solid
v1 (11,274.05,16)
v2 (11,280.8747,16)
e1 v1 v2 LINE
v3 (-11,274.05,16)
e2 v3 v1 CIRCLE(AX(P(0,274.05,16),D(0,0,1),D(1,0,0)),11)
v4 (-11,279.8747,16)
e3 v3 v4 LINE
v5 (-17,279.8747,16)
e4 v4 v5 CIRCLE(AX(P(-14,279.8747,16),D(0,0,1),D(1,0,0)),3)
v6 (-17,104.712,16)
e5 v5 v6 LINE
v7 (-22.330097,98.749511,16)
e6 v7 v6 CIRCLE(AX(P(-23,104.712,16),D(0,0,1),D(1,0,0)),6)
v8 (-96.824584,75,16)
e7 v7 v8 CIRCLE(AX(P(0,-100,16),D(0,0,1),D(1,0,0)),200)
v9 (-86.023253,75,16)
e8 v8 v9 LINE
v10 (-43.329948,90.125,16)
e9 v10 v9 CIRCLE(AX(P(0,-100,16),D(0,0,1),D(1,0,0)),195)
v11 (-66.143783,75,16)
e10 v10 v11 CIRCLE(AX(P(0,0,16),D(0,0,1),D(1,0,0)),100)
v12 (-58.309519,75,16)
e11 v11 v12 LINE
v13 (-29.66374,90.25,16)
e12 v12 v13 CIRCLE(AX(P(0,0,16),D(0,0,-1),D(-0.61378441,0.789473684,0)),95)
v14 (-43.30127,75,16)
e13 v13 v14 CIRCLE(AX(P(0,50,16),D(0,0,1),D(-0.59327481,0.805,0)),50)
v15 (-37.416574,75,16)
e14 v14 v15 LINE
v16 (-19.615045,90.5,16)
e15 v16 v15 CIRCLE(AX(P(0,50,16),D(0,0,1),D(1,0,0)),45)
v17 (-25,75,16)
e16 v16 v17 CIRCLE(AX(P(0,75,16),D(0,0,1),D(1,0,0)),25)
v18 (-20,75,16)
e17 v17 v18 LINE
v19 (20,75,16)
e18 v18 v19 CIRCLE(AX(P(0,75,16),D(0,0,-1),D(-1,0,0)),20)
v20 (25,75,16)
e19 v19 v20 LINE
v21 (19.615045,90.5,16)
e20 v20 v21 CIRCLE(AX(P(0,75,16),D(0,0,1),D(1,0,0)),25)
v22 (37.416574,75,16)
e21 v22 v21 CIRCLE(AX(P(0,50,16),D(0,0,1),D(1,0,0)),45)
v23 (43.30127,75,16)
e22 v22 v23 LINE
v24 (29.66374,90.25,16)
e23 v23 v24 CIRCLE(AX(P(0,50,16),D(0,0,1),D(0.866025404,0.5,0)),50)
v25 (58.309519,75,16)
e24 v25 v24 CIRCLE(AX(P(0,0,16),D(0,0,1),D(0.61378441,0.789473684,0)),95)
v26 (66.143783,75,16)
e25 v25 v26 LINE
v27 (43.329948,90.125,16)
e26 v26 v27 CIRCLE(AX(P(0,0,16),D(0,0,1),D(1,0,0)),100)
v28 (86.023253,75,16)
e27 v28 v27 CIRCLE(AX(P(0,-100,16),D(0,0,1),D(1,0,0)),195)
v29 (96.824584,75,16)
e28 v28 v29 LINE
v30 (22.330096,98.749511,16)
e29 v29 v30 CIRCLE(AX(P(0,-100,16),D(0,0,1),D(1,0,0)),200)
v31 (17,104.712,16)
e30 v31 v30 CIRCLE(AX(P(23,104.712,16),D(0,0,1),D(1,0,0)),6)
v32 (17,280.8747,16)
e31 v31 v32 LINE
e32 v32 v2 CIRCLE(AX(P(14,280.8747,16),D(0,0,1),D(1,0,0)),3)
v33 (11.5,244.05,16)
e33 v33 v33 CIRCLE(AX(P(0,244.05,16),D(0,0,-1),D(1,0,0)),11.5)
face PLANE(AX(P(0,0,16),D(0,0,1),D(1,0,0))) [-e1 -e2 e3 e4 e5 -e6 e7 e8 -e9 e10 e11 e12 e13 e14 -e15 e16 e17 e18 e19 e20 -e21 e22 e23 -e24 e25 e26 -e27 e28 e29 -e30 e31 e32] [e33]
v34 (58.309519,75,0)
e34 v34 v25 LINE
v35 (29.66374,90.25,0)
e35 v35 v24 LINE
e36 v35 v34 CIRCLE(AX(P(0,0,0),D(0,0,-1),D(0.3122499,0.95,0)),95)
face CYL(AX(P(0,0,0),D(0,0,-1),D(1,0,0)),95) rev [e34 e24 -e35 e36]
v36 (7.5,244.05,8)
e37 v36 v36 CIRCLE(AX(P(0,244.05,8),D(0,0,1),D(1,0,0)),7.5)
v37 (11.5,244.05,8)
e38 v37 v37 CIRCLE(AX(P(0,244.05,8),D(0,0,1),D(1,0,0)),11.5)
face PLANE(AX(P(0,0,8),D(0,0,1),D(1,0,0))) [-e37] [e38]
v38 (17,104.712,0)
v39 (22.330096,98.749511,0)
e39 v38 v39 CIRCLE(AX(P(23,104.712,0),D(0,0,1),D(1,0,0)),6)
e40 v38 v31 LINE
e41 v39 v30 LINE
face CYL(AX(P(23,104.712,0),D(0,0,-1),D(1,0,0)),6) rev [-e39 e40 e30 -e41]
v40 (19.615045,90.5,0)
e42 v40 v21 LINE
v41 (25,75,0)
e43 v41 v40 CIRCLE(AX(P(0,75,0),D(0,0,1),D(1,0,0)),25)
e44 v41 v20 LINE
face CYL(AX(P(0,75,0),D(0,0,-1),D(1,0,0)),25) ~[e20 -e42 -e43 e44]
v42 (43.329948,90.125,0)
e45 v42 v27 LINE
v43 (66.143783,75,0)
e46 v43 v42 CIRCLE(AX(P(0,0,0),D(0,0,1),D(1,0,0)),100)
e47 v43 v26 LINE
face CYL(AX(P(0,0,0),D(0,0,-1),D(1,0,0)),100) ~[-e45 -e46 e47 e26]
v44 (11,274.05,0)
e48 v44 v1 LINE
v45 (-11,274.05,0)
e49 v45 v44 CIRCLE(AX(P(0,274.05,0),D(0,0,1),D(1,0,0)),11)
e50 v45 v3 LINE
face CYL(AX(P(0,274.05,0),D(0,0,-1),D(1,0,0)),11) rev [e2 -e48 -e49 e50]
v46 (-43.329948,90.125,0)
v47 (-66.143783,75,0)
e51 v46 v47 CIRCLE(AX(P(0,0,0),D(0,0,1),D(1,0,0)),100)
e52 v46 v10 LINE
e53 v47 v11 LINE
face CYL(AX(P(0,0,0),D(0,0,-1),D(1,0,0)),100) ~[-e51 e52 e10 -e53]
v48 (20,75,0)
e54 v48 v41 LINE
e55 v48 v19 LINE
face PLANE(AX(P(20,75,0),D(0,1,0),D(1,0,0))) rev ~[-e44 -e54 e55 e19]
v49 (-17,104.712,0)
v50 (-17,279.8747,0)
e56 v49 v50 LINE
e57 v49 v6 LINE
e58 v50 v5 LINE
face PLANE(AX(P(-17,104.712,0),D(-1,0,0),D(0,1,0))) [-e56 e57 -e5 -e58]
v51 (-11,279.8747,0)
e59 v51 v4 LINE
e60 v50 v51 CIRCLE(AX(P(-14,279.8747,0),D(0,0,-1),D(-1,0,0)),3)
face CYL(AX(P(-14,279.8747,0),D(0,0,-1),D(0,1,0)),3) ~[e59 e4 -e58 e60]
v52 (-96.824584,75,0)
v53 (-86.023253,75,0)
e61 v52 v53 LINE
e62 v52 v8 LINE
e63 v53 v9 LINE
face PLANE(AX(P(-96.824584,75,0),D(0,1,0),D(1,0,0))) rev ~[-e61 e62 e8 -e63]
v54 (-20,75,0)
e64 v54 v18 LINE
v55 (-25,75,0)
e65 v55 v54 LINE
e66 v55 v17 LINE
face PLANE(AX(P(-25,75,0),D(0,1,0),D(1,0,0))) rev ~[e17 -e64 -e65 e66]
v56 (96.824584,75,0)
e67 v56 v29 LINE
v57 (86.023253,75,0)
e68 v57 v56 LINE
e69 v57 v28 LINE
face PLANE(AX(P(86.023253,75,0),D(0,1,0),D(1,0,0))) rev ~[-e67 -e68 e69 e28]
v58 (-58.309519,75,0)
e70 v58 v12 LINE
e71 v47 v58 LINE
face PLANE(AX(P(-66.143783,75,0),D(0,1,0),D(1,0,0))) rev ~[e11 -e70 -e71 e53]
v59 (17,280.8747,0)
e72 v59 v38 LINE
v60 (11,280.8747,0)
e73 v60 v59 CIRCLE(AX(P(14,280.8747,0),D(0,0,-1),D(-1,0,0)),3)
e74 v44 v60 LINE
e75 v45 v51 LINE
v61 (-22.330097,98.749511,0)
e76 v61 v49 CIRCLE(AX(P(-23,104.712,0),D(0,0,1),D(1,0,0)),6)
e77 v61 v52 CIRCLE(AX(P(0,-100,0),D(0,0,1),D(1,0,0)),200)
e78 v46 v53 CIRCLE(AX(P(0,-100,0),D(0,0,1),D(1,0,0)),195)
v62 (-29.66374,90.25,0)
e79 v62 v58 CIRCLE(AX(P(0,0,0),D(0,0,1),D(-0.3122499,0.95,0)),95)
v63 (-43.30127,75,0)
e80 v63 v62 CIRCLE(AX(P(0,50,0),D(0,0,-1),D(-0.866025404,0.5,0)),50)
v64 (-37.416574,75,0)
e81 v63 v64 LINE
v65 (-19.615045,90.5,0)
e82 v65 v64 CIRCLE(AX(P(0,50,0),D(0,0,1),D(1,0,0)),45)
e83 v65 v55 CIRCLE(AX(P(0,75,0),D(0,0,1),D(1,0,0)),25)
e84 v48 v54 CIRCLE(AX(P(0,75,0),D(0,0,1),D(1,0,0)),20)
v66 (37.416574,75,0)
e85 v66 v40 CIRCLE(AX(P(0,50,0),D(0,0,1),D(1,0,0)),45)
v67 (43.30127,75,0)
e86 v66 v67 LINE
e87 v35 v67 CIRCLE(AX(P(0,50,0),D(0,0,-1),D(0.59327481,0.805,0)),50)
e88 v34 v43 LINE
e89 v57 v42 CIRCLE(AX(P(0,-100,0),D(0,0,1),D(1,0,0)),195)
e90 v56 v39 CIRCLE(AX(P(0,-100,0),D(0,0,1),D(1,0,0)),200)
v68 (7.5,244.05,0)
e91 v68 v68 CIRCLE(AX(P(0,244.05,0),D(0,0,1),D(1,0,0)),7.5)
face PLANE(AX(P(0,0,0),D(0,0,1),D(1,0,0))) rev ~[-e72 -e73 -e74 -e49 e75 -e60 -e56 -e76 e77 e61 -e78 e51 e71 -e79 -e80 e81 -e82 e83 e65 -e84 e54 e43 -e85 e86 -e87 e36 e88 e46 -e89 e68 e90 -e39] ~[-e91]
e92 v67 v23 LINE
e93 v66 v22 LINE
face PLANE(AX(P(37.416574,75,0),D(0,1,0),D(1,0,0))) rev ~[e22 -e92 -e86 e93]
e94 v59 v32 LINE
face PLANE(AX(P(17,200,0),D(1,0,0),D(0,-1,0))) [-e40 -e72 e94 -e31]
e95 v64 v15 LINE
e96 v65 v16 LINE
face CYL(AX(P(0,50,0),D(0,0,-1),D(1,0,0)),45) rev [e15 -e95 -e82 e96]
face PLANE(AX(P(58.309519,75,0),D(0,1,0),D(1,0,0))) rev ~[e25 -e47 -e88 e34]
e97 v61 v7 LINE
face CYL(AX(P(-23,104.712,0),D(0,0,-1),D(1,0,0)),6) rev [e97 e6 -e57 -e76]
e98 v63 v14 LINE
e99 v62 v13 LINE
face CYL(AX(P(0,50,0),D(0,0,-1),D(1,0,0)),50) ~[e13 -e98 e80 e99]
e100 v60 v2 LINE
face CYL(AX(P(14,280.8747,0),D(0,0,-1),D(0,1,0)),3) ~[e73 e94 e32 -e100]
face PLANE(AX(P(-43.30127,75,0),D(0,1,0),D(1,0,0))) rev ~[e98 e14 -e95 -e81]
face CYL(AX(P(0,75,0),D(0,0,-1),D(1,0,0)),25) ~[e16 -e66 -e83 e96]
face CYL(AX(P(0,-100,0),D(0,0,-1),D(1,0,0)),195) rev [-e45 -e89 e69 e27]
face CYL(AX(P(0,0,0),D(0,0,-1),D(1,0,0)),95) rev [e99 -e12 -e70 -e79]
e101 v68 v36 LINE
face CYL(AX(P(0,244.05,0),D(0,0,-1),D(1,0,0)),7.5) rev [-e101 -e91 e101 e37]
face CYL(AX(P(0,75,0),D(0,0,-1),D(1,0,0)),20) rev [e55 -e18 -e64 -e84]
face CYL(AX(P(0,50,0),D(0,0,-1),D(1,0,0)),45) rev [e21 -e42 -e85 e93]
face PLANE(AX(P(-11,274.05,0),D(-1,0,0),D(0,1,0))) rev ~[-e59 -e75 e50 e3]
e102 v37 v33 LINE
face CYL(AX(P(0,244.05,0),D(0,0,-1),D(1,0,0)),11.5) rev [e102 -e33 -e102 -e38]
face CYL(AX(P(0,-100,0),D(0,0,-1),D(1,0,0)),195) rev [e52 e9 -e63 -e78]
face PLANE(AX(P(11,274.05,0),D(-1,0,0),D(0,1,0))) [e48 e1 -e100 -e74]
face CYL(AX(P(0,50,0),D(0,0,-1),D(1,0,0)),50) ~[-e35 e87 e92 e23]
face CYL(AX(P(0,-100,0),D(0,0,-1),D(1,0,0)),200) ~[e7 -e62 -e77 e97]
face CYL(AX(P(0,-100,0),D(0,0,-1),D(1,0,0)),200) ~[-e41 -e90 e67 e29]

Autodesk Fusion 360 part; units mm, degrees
sketch "Main Body" plane through (0, 0, 0) normal (0, 0, 1) x (1, 0, 0)
  circle A0 centre (0, 0) radius 100
  circle A1 centre (0, 0) radius 95
  circle A2 centre (0, 25) radius 75
  circle A3 centre (0, 25) radius 70
  circle A4 centre (0, 50) radius 50
  circle A5 centre (0, 50) radius 45
  circle A6 centre (0, 75) radius 25
  circle A7 centre (0, 75) radius 20
  line L0 (-100, 75) -> (100, 75)
  circle A8 centre (0, 244.05) radius 7.5
  circle A9 centre (0, 244.05) radius 11.5
  line L1 (17, 96.1763) -> (-17, 96.1763)
  line L2 (-17, 96.1763) -> (-17, 200)
  line L3 (17, 200) -> (17, 96.1763)
  line L4 (17, 96.1763) -> (-17, 244.8247) construction
  line L5 (-17, 96.1763) -> (17, 244.8247) construction
  circle A10 centre (-23, 104.712) radius 6
  circle A11 centre (0, 274.05) radius 11
  line L6 (-17, 244.8247) -> (-11.4739, 244.8247)
  line L7 (-11, 247.4041) -> (-11, 279.8747)
  line L8 (-14, 282.8747) -> (-14, 282.8747)
  line L9 (-17, 279.8747) -> (-17, 244.8247)
  line L10 (17, 244.8247) -> (11.4739, 244.8247)
  line L11 (11, 247.4041) -> (11, 280.8747)
  line L12 (14, 283.8747) -> (14, 283.8747)
  line L13 (17, 280.8747) -> (17, 244.8247)
  circle A12 centre (0, -100) radius 200
  circle A13 centre (0, -100) radius 195
  circle A14 centre (23, 104.712) radius 6
  arc A15 (-14, 282.8747) -> (-17, 279.8747) centre (-14, 279.8747) ccw
  arc A16 (-11, 279.8747) -> (-14, 282.8747) centre (-14, 279.8747) ccw
  arc A17 (14, 283.8747) -> (11, 280.8747) centre (14, 280.8747) ccw
  arc A18 (17, 280.8747) -> (14, 283.8747) centre (14, 280.8747) ccw
  line L14 (-17, 200) -> (-17, 244.8247)
  line L15 (17, 244.8247) -> (17, 200)
  line L16 (-17, 244.8247) -> (-11.4739, 244.8247)
  line L17 (11.4739, 244.8247) -> (17, 244.8247)
  point P0 (0, 170.5005)
  point P1 (-17, 264.8247)
  point P2 (17, 264.8247)
  dimension "d1" = 200
  dimension "d2" = 190
  dimension "d3" = 150
  dimension "d4" = 140
  dimension "d5" = 100
  dimension "d6" = 90
  dimension "d7" = 50
  dimension "d8" = 40
  dimension "d11" = 15
  dimension "d12" = 23
  dimension "d13" = 34
  dimension "d15" = 12
  dimension "d16" = 22
  dimension "d17" = 20
  dimension "d19" = 20
  dimension "d23" = 400
  dimension "d24" = 390
  dimension "d25" = 12
  dimension "d26" = 3
  dimension "d27" = 3
  dimension "d28" = 3
  dimension "d29" = 3
extrude "Extrude1" add sketch "Main Body" along normal blind 16 contours A0 A1 A2 L0 A13 | A0 A1 A2 L0 A13 | A0 A2 L3 A13 | A0 L0 L3 A12 A13 | A0 L0 L2 A12 A13 | A0 A2 L2 A13 | A0 A2 L3 | A0 L3 A12 | A2 A4 L3 A13 | A1 A2 A4 A13 | A0 L2 A12 | A0 A2 L2 | A1 A2 A4 A13 | A2 A4 L2 A13 | A2 A4 L2 | A2 A4 L3 | A4 A6 L1 L2 | A4 A6 L1 L3 | A6 L1 | A9 L2 L3 L6 L10 A12 L14 L15 L16 L17 | L3 A12 A14 | A4 A6 L1 L3 A13 | A1 A4 A6 A13 | A1 A3 A4 A6 | L2 A10 A12 | A1 A4 A6 A13 | A4 A6 L1 L2 A13 | A1 A3 A4 A6 | A6 L1 A13 | A1 A6 A13 | A1 A3 A6 | A3 A4 A5 A6 L0 | A1 A6 A13 | A1 A3 A6 | A3 A4 A5 A6 L0 | A3 A5 A6 | A3 A5 A6 | A5 A6 A7 L0 | A5 A6 A7 L0 | A9 L10 L11 L13 A17 A18 L17 | A9 L6 L7 L9 A15 A16 L16 | A9 A11 L7 L11
extrude "Extrude3" add sketch "Main Body" along normal blind 8 contours A9
sketch "Design Lines" plane through (0, 0, 16) normal (0, 0, 1) x (1, 0, 0)
  line L0 (0, 216.55) -> (0, 116.55)
  line L1 (-10, 126.15) -> (-10, 226.15)
  line L2 (10, 126.15) -> (10, 226.15)
  arc A0 (86.0233, 75) -> (43.3299, 90.125) centre (0, -100) ccw
  line L3 (-96.8246, 75) -> (-86.0233, 75)
  arc A1 (-22.3301, 98.7495) -> (-96.8246, 75) centre (0, -100) ccw
  arc A2 (-43.3299, 90.125) -> (-86.0233, 75) centre (0, -100) ccw
  arc A3 (-43.3299, 90.125) -> (-66.1438, 75) centre (0, 0) ccw
  line L4 (-66.1438, 75) -> (-58.3095, 75)
  arc A4 (-29.6637, 90.25) -> (-58.3095, 75) centre (0, 0) ccw
  arc A5 (-29.6637, 90.25) -> (-43.3013, 75) centre (0, 50) ccw
  line L5 (-43.3013, 75) -> (-37.4166, 75)
  arc A6 (-19.615, 90.5) -> (-37.4166, 75) centre (0, 50) ccw
  arc A7 (-19.615, 90.5) -> (-25, 75) centre (0, 75) ccw
  line L6 (-25, 75) -> (-20, 75)
  arc A8 (20, 75) -> (-20, 75) centre (0, 75) ccw
  arc A9 (25, 75) -> (19.615, 90.5) centre (0, 75) ccw
  arc A10 (37.4166, 75) -> (19.615, 90.5) centre (0, 50) ccw
  line L7 (37.4166, 75) -> (43.3013, 75)
  circle A11 centre (0, 244.05) radius 11.5
  arc A12 (17, 280.8747) -> (11, 280.8747) centre (14, 280.8747) ccw
  line L8 (11, 280.8747) -> (11, 274.05)
  arc A13 (-11, 274.05) -> (11, 274.05) centre (0, 274.05) ccw
  line L9 (-11, 274.05) -> (-11, 279.8747)
  arc A14 (-11, 279.8747) -> (-17, 279.8747) centre (-14, 279.8747) ccw
  line L10 (-17, 279.8747) -> (-17, 104.712)
  arc A15 (-22.3301, 98.7495) -> (-17, 104.712) centre (-23, 104.712) ccw
  line L11 (20, 75) -> (25, 75)
  arc A16 (43.3013, 75) -> (29.6637, 90.25) centre (0, 50) ccw
  arc A17 (58.3095, 75) -> (29.6637, 90.25) centre (0, 0) ccw
  line L12 (58.3095, 75) -> (66.1438, 75)
  arc A18 (66.1438, 75) -> (43.3299, 90.125) centre (0, 0) ccw
  line L13 (86.0233, 75) -> (96.8246, 75)
  arc A19 (96.8246, 75) -> (22.3301, 98.7495) centre (0, -100) ccw
  arc A20 (17, 104.712) -> (22.3301, 98.7495) centre (23, 104.712) ccw
  line L14 (17, 104.712) -> (17, 280.8747)
